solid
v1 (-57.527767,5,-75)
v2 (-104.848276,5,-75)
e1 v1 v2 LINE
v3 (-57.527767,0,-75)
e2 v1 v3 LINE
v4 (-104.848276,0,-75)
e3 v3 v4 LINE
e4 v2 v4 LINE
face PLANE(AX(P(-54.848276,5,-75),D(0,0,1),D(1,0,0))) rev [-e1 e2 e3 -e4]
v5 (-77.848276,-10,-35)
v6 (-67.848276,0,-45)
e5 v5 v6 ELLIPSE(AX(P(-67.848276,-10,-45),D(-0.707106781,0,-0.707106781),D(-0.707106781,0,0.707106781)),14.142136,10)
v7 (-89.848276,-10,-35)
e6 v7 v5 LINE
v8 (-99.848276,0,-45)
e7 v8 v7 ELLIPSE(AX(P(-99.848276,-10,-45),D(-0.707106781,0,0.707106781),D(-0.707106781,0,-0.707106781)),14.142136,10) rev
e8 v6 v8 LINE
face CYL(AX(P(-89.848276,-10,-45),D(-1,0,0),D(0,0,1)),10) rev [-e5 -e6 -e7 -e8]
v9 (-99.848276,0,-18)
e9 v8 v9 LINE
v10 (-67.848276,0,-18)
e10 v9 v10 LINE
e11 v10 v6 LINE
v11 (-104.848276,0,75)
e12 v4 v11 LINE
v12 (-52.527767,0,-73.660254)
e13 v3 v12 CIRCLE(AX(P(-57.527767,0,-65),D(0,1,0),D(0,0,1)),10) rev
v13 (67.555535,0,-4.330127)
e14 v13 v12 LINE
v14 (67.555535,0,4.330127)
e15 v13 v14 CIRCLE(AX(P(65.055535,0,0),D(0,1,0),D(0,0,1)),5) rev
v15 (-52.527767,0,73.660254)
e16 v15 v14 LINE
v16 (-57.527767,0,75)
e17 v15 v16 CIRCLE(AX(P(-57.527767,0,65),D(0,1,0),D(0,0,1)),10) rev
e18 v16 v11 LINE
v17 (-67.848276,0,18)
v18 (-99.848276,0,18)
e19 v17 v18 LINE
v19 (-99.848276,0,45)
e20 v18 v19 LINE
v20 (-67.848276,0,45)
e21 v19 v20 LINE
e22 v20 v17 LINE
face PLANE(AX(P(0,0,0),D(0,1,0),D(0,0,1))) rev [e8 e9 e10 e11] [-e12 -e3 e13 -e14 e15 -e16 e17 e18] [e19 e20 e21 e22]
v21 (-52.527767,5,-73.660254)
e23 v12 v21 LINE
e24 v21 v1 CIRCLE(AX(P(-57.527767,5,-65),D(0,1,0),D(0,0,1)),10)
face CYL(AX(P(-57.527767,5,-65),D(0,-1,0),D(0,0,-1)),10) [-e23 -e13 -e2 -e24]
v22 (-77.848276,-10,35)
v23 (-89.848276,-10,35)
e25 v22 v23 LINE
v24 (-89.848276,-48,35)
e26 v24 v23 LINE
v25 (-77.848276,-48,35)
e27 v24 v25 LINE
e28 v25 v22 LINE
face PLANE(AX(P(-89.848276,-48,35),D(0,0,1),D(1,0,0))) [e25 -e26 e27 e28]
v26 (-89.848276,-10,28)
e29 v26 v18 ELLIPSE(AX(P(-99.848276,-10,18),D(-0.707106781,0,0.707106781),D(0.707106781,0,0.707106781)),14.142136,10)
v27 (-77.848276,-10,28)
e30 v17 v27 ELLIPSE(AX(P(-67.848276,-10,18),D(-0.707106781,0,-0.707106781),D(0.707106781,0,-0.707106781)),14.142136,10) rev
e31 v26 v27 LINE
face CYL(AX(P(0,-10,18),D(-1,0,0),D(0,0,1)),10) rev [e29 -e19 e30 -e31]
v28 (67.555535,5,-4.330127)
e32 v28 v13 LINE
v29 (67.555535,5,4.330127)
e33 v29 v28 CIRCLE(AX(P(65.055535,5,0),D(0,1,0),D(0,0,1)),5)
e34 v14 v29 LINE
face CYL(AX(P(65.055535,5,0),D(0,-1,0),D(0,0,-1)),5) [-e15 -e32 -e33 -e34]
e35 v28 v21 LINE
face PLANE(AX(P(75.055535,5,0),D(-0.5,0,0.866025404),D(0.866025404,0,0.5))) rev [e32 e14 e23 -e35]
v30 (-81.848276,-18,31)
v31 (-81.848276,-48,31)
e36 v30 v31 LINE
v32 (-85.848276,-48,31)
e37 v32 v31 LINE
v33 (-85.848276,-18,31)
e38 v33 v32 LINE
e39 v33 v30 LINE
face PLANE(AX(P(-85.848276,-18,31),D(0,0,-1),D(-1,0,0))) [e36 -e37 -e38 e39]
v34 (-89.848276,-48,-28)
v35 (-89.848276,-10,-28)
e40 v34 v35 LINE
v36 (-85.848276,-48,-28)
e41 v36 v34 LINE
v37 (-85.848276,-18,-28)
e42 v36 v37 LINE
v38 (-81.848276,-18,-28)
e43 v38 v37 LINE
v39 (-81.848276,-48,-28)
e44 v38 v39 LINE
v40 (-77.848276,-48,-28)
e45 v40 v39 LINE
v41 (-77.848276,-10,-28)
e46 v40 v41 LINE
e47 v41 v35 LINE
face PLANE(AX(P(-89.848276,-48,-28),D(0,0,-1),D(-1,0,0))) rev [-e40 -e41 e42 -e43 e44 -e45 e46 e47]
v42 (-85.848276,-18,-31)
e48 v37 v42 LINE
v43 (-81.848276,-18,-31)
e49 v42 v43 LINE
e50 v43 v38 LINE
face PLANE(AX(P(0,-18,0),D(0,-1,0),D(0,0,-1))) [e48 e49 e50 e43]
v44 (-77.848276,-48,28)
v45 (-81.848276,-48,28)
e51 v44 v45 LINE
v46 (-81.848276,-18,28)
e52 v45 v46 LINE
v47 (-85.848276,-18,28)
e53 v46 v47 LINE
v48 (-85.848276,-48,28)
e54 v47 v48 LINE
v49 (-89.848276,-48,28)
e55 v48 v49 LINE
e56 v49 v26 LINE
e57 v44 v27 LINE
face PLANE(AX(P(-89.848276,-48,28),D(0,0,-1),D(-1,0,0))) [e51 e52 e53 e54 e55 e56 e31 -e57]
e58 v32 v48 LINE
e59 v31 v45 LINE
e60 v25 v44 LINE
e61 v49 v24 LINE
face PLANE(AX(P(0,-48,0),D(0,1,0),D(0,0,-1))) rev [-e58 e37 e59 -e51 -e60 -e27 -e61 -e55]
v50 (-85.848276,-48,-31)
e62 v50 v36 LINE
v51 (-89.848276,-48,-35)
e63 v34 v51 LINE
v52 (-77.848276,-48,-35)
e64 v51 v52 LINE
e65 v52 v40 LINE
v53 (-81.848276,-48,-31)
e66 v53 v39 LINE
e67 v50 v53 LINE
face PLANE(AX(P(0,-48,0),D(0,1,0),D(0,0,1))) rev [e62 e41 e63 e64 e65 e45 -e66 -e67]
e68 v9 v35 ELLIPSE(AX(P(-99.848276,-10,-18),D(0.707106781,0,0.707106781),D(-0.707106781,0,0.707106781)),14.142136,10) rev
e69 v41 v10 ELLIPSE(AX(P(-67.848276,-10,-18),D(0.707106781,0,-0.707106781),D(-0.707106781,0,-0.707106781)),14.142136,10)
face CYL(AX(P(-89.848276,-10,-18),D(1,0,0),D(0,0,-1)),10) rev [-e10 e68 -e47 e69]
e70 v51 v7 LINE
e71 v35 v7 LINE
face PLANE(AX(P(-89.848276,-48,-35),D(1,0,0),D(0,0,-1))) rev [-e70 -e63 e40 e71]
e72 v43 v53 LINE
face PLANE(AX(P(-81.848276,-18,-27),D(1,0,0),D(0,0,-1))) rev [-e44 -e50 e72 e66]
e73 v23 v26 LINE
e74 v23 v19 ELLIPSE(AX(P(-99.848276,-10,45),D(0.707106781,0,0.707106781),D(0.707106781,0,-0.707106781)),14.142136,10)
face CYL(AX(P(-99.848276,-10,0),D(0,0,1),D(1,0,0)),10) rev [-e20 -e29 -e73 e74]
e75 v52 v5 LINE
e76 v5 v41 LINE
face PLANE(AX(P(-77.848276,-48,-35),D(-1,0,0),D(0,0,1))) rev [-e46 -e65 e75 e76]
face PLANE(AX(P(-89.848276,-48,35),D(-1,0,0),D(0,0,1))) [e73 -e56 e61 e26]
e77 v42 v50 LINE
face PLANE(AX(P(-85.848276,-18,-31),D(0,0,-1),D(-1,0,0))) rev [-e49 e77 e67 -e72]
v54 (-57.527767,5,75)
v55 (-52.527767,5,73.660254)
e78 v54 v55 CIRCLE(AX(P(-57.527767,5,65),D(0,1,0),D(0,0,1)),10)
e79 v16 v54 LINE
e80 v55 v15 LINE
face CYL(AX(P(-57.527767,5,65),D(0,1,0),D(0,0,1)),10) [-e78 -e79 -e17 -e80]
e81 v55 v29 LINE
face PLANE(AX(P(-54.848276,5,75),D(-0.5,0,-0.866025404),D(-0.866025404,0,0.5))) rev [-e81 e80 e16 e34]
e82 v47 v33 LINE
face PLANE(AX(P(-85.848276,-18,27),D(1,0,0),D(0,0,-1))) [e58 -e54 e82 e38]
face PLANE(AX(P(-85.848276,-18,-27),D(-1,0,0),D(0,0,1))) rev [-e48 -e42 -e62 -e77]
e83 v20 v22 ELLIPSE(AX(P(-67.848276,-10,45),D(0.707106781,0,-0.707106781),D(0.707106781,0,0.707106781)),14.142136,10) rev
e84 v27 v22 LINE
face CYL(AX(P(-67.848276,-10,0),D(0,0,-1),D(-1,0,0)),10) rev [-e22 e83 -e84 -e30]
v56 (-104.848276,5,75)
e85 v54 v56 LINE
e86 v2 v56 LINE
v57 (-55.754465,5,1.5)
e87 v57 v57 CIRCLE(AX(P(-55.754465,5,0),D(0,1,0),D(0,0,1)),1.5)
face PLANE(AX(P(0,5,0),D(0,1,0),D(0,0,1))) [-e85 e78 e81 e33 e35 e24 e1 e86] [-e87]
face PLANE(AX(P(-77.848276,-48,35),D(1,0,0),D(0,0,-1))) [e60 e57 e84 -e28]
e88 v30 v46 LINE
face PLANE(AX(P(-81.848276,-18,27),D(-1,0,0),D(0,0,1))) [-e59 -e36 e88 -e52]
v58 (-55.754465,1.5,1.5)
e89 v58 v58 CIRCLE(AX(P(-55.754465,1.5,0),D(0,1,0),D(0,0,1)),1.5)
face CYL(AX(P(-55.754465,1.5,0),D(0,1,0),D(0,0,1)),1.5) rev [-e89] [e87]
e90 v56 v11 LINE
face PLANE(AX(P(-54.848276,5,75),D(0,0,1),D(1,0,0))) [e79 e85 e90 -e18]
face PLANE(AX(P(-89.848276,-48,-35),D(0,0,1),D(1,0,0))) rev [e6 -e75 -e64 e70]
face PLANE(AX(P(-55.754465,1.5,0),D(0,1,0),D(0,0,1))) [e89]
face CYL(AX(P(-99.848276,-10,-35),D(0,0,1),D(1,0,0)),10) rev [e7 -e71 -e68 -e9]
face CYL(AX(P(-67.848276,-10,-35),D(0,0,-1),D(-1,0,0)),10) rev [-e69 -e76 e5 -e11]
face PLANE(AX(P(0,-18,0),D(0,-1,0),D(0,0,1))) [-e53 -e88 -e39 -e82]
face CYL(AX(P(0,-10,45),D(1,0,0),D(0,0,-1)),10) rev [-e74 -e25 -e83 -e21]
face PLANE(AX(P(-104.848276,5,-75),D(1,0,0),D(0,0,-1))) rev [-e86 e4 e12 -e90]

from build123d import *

# Parameters (mm, degrees)
BOSS_EXTRUDE1_DEPTH  = 5
FILLET1_R            = 5
FILLET2_R            = 10
FILLET3_R            = 10
SKETCH3_R            = 1.5
CUT_EXTRUDE1_DEPTH   = 3.5
SKETCH5_W            = 12
SKETCH5_H            = 7
BOSS_EXTRUDE2_DEPTH  = 48
FILLET4_R            = 10
SKETCH6_W            = 4
SKETCH6_H            = 4
CUT_EXTRUDE2_DEPTH   = 30
FILLET4_OF_MIRROR1_R = 10


with BuildPart() as part:
    # Sketch1 → Boss-Extrude1 (new body)
    with BuildSketch(Plane(origin=(0, 0, 0), x_dir=(1, 0, 0), z_dir=(0, 1, 0))):
        Polygon((75.055534995, 0), (-54.848275573, 75), (-104.848275573, 75), (-104.848275573, -75), (-54.848275573, -75), align=None)
    extrude(amount=BOSS_EXTRUDE1_DEPTH)

    # Fillet1
    fillet1_edges = [part.edges().sort_by_distance(p)[0] for p in [
        (75.055534995, 2.5, 0),
    ]]
    fillet(fillet1_edges, radius=FILLET1_R)

    # Fillet2
    fillet2_edges = [part.edges().sort_by_distance(p)[0] for p in [
        (-54.848275573, 2.5, -75),
    ]]
    fillet(fillet2_edges, radius=FILLET2_R)

    # Fillet3
    fillet3_edges = [part.edges().sort_by_distance(p)[0] for p in [
        (-54.848275573, 2.5, 75),
    ]]
    fillet(fillet3_edges, radius=FILLET3_R)

    # Sketch3 → Cut-Extrude1 (cut)
    with BuildSketch(Plane(origin=(0, 5, 0), x_dir=(1, 0, 0), z_dir=(0, 1, 0))):
        with Locations(Location((-55.754465005, 0, 0), (0, 0, 270))):
            Circle(SKETCH3_R)
    extrude(amount=-CUT_EXTRUDE1_DEPTH, mode=Mode.SUBTRACT)

    # Sketch5 → Boss-Extrude2 (add)
    with BuildSketch(Plane.XZ):
        with Locations((-83.848275573, -31.5)):
            Rectangle(SKETCH5_W, SKETCH5_H)
    boss_extrude2 = extrude(amount=BOSS_EXTRUDE2_DEPTH)

    # Fillet4
    fillet4_edges = [part.edges().sort_by_distance(p)[0] for p in [
        (-89.848275573, 0, -31.5),
        (-83.848275573, 0, -35),
        (-77.848275573, 0, -31.5),
        (-83.848275573, 0, -28),
    ]]
    fillet(fillet4_edges, radius=FILLET4_R)

    # Sketch6 → Cut-Extrude2 (cut)
    with BuildSketch(Plane.XZ.offset(48)):
        with Locations((-83.848275573, -29)):
            Rectangle(SKETCH6_W, SKETCH6_H)
    cut_extrude2 = extrude(amount=-CUT_EXTRUDE2_DEPTH, mode=Mode.SUBTRACT)

    # Mirror1: Boss-Extrude2, Cut-Extrude2 across plane
    add(boss_extrude2.mirror(Plane.XY))
    add(cut_extrude2.mirror(Plane.XY), mode=Mode.SUBTRACT)

    # Fillet4 of Mirror1
    fillet4_of_mirror1_edges = [part.edges().sort_by_distance(p)[0] for p in [
        (-89.848275573, 0, 31.5),
        (-83.848275573, 0, 35),
        (-77.848275573, 0, 31.5),
        (-83.848275573, 0, 28),
    ]]
    fillet(fillet4_of_mirror1_edges, radius=FILLET4_OF_MIRROR1_R)


solid = part.part
